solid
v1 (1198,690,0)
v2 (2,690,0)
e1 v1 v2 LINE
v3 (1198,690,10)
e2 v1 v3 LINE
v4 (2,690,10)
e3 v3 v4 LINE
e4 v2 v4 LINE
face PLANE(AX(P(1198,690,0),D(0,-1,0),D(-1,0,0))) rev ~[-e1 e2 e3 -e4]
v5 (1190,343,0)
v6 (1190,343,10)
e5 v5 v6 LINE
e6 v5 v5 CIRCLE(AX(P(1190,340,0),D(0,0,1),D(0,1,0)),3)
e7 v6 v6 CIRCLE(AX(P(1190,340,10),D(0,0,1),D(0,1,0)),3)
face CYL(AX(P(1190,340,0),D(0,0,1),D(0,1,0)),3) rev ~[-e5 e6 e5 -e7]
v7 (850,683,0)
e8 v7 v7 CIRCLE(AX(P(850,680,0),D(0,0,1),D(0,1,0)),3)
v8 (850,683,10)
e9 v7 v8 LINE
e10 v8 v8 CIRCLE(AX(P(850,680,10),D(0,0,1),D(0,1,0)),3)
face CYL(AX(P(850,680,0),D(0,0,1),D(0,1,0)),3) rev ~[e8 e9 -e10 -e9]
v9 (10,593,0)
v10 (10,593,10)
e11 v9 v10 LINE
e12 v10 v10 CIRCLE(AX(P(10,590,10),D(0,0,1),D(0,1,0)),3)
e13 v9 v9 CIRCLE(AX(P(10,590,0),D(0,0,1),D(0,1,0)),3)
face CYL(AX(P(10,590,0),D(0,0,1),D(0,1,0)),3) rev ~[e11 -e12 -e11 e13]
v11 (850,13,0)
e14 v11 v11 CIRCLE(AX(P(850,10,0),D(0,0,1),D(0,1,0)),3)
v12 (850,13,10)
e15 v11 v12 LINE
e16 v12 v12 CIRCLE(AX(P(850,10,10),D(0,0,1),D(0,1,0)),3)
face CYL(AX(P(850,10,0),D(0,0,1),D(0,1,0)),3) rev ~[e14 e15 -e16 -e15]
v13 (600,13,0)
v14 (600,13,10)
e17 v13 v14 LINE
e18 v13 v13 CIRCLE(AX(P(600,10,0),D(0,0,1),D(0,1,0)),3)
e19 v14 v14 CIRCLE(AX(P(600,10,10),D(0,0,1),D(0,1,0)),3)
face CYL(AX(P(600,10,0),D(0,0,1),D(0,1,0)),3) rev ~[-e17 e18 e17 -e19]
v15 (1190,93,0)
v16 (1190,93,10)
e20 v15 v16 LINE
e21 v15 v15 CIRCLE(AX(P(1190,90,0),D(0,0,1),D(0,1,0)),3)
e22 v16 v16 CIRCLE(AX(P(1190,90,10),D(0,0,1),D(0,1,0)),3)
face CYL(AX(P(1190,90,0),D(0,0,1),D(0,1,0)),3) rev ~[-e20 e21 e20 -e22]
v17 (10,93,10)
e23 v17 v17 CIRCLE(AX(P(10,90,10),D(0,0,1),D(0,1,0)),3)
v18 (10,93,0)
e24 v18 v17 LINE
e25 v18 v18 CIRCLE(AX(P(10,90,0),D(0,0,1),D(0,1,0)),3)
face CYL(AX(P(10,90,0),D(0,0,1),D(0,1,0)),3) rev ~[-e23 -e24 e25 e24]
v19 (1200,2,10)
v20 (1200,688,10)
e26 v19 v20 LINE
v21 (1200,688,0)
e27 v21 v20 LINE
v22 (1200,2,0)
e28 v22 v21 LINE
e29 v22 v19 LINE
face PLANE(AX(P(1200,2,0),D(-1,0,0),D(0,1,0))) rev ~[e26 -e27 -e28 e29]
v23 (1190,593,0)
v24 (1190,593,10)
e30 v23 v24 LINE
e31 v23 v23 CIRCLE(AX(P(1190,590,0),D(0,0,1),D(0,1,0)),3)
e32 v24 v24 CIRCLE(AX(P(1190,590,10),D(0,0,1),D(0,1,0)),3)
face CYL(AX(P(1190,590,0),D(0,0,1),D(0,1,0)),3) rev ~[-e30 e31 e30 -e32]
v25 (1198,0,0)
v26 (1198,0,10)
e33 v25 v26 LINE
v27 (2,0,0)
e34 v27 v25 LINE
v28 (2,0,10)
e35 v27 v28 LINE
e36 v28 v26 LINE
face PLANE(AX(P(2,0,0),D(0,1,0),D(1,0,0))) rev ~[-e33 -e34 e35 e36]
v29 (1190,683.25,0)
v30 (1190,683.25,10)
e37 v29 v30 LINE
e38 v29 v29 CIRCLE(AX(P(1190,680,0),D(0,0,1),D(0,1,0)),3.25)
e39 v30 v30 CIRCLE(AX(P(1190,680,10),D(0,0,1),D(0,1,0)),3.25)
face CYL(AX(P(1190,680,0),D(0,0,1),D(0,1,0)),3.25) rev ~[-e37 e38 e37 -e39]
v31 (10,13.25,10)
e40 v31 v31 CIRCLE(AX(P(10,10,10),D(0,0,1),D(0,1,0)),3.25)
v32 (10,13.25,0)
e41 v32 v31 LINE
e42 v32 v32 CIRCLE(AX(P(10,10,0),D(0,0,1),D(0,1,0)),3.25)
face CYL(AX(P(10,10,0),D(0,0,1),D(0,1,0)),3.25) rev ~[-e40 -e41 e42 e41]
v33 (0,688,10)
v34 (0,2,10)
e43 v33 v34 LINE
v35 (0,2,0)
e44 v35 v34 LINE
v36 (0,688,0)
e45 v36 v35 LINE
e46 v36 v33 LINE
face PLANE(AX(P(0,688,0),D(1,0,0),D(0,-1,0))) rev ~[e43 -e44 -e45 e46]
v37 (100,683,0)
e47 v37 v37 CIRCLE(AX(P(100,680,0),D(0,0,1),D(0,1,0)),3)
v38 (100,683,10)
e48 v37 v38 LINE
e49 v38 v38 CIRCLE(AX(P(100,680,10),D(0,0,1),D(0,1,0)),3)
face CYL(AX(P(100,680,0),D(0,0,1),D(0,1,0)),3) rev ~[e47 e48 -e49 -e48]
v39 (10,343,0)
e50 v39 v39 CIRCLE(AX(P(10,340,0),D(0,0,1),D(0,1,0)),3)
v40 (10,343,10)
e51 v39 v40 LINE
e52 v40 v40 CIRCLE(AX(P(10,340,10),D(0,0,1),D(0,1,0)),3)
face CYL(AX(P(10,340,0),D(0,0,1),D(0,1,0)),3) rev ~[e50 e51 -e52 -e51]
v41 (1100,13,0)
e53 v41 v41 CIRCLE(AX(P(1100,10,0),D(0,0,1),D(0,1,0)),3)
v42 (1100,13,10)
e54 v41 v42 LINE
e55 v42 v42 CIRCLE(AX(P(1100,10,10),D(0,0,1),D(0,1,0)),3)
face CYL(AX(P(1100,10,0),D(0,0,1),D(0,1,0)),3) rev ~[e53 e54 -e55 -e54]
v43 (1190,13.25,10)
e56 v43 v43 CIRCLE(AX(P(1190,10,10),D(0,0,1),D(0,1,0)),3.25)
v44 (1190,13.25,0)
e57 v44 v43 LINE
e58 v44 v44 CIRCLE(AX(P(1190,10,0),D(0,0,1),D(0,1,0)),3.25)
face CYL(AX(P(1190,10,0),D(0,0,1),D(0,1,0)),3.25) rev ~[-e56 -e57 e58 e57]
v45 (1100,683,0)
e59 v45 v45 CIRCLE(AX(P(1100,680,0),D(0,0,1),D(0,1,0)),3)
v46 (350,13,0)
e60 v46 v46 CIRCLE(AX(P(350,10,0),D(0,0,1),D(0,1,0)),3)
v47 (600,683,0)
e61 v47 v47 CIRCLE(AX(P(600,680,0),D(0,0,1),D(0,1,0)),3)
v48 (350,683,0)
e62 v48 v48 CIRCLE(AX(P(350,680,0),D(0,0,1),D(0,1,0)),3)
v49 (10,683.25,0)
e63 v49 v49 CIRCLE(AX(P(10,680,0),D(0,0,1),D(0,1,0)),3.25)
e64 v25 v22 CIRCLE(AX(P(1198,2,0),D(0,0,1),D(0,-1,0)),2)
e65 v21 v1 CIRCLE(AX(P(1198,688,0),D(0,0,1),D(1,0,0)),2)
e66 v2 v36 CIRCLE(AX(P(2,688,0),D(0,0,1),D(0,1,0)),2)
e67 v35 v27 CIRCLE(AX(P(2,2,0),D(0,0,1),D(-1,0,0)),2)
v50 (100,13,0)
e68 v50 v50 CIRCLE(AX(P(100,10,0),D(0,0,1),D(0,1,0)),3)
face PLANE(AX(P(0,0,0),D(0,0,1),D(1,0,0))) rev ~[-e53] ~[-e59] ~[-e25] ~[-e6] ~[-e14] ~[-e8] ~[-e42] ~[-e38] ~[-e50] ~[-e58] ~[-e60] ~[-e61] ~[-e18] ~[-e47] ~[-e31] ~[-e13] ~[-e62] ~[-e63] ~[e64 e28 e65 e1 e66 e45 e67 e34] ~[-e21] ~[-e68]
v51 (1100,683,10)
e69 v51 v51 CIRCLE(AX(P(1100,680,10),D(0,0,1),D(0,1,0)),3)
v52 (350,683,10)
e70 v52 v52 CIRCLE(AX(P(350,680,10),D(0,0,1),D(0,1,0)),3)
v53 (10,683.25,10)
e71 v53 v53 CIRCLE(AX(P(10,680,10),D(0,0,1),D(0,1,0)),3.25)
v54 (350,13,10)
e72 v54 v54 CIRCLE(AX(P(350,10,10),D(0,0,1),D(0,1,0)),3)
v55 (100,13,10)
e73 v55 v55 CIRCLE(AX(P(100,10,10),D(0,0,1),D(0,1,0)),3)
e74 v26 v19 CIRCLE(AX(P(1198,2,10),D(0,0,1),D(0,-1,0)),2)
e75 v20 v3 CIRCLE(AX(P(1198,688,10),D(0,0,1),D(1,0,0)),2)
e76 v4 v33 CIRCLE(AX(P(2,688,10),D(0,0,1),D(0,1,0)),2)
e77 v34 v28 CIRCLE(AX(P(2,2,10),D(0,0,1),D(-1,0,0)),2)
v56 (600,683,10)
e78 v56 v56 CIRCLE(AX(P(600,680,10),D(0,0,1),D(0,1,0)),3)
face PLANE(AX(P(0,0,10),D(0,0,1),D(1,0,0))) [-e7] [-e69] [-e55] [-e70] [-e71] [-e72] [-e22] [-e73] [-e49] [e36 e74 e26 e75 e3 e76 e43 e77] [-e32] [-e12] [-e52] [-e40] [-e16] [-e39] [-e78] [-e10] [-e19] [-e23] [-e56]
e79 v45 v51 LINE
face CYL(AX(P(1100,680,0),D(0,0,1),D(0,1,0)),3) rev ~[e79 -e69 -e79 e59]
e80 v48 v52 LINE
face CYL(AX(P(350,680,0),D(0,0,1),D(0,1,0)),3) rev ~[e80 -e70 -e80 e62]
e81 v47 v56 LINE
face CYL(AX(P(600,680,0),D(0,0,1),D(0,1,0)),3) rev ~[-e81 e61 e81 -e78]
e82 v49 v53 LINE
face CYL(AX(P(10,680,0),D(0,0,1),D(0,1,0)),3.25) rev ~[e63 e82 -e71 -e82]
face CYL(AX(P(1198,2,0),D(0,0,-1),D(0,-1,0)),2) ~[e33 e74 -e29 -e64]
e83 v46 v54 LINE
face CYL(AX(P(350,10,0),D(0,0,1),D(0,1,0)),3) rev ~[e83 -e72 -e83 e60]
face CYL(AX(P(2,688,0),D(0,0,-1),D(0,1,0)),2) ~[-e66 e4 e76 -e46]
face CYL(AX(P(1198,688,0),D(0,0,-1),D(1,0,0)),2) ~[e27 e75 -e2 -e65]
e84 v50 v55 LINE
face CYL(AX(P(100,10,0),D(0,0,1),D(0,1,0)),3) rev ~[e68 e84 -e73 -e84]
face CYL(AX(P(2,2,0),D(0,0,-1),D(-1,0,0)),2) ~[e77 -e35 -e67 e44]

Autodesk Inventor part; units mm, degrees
ref_plane "YZ Plane" through (0, 0, 0) normal (1, 0, 0) x (0, 1, 0)
ref_plane "XZ Plane" through (0, 0, 0) normal (0, 1, 0) x (-1, 0, 0)
ref_plane "XY Plane" through (0, 0, 0) normal (0, 0, 1) x (1, 0, 0)
sketch "Skizze1" plane through (0, 0, 0) normal (0, 0, 1) x (1, 0, 0)
  line L0 (2, 0) -> (1198, 0)
  line L1 (1200, 2) -> (1200, 688)
  line L2 (1198, 690) -> (2, 690)
  line L3 (0, 688) -> (0, 2)
  arc A0 (2, 690) -> (0, 688) centre (2, 688) ccw
  arc A1 (1200, 688) -> (1198, 690) centre (1198, 688) ccw
  arc A2 (1198, 0) -> (1200, 2) centre (1198, 2) ccw
  arc A3 (0, 2) -> (2, 0) centre (2, 2) ccw
  point P0 (0, 0)
  point P1 (1200, 690)
  point P2 (1200, 0)
  point P3 (0, 690)
  dimension "d0" = 1200
  dimension "d1" = 690
  dimension "d2" = 2
extrude "Extrusion1" add sketch "Skizze1" along normal blind 10
sketch "Sketch2" plane through (0, 0, 0) normal (0, 0, -1) x (-1, 0, 0)
  circle A0 centre (-10, 10) radius 3.25
  line L0 (-2, 0) -> (-1198, 0) projected
  line L1 (0, 688) -> (0, 2) projected
  line L2 (-600, -175.8373) -> (-600, 803.7474) construction
  line L3 (202.1324, 345) -> (-1409.3068, 345) construction
  circle A1 centre (-1190, 10) radius 3.25
  circle A2 centre (-10, 680) radius 3.25
  line L4 (-2, 690) -> (-1198, 690)
  circle A3 centre (-1190, 680) radius 3.25
  point P0 (0, 0)
  point P1 (-1200, 0)
  point P2 (-1200, 2)
  point P3 (0, 690)
  point P4 (-1200, 690)
  point P5 (-1200, 688)
  dimension "d5" = 6.5
  dimension "d6" = 10
  dimension "d7" = 10
  dimension "d8" = 600
  dimension "d9" = 345
hole "Hole1" at (10, 10, 0) at (1190, 10, 0) at (1190, 680, 0) at (10, 680, 0) direction (0, 0, 1) diameter 6.5 end through all
sketch "Sketch3" plane through (0, 0, 0) normal (0, 0, -1) x (-1, 0, 0)
  circle A0 centre (-10, 590) radius 3
  line L0 (0, 688) -> (0, 2) projected
  line L1 (-1198, 690) -> (-2, 690) projected
  circle A1 centre (-10, 340) radius 3
  circle A2 centre (-10, 90) radius 3
  line L2 (-600, 869.8508) -> (-600, -209.8368) construction
  circle A3 centre (-1190, 590) radius 3
  circle A4 centre (-1190, 340) radius 3
  circle A5 centre (-1190, 90) radius 3
  circle A6 centre (-100, 680) radius 3
  circle A7 centre (-350, 680) radius 3
  circle A8 centre (-600, 680) radius 3
  circle A9 centre (-850, 680) radius 3
  circle A10 centre (-1100, 680) radius 3
  line L3 (113.1305, 345) -> (-1507.9608, 345) construction
  circle A11 centre (-100, 10) radius 3
  circle A12 centre (-350, 10) radius 3
  circle A13 centre (-600, 10) radius 3
  circle A14 centre (-850, 10) radius 3
  circle A15 centre (-1100, 10) radius 3
  point P0 (0, 0)
  dimension "d17" = 6
  dimension "d19" = 100
  dimension "d22" = 250
  dimension "d27" = 600
  dimension "d33" = 250
  dimension "d38" = 345
hole "Hole2" at (10, 590, 0) at (10, 90, 0) at (100, 10, 0) at (350, 10, 0) at (600, 10, 0) at (600, 680, 0) at (850, 10, 0) at (1100, 10, 0) at (1190, 90, 0) at (1190, 340, 0) at (1190, 590, 0) at (1100, 680, 0) at (850, 680, 0) direction (0, 0, 1) diameter 6 end through all
sketch "Sketch4" plane through (0, 0, 0) normal (0, 0, -1) x (-1, 0, 0)
  circle A0 centre (-100, 680) radius 3
  line L0 (0, 688) -> (0, 2) projected
  line L1 (-1198, 690) -> (-2, 690) projected
  circle A1 centre (-350, 680) radius 3
  point P0 (0, 0)
  dimension "d46" = 100
  dimension "d47" = 10
  dimension "d48" = 6
  dimension "d51" = 250
hole "Hole3" at (100, 680, 0) direction (0, 0, 1) diameter 6 end through all
sketch "Sketch5" plane through (0, 0, 0) normal (0, 0, -1) x (-1, 0, 0)
  circle A0 centre (-350, 680) radius 3
  circle A1 centre (-100, 680) radius 3 projected
  line L0 (-1198, 690) -> (-2, 690) projected
  point P0 (0, 0)
  dimension "d63" = 250
  dimension "d64" = 10
  dimension "d65" = 6
hole "Hole4" at (350, 680, 0) direction (0, 0, 1) diameter 6 end through all
sketch "Sketch6" plane through (0, 0, 0) normal (0, 0, -1) x (-1, 0, 0)
  circle A0 centre (-10, 340) radius 3
  circle A1 centre (-10, 590) radius 3 projected
  line L0 (0, 688) -> (0, 2) projected
  point P0 (0, 0)
  dimension "d73" = 250
  dimension "d74" = 10
  dimension "d75" = 6
hole "Hole5" at (10, 340, 0) direction (0, 0, 1) diameter 6 end through all
equation "\"d10\" = d5"
equation "\"d39\" = d17"
equation "\"d56\" = d17"
equation "\"d66\" = d65"
equation "\"d76\" = d75"
properties part number "101.001.01_Bodenplatte" material "Stahl, hochfest, niedrig legiert"
